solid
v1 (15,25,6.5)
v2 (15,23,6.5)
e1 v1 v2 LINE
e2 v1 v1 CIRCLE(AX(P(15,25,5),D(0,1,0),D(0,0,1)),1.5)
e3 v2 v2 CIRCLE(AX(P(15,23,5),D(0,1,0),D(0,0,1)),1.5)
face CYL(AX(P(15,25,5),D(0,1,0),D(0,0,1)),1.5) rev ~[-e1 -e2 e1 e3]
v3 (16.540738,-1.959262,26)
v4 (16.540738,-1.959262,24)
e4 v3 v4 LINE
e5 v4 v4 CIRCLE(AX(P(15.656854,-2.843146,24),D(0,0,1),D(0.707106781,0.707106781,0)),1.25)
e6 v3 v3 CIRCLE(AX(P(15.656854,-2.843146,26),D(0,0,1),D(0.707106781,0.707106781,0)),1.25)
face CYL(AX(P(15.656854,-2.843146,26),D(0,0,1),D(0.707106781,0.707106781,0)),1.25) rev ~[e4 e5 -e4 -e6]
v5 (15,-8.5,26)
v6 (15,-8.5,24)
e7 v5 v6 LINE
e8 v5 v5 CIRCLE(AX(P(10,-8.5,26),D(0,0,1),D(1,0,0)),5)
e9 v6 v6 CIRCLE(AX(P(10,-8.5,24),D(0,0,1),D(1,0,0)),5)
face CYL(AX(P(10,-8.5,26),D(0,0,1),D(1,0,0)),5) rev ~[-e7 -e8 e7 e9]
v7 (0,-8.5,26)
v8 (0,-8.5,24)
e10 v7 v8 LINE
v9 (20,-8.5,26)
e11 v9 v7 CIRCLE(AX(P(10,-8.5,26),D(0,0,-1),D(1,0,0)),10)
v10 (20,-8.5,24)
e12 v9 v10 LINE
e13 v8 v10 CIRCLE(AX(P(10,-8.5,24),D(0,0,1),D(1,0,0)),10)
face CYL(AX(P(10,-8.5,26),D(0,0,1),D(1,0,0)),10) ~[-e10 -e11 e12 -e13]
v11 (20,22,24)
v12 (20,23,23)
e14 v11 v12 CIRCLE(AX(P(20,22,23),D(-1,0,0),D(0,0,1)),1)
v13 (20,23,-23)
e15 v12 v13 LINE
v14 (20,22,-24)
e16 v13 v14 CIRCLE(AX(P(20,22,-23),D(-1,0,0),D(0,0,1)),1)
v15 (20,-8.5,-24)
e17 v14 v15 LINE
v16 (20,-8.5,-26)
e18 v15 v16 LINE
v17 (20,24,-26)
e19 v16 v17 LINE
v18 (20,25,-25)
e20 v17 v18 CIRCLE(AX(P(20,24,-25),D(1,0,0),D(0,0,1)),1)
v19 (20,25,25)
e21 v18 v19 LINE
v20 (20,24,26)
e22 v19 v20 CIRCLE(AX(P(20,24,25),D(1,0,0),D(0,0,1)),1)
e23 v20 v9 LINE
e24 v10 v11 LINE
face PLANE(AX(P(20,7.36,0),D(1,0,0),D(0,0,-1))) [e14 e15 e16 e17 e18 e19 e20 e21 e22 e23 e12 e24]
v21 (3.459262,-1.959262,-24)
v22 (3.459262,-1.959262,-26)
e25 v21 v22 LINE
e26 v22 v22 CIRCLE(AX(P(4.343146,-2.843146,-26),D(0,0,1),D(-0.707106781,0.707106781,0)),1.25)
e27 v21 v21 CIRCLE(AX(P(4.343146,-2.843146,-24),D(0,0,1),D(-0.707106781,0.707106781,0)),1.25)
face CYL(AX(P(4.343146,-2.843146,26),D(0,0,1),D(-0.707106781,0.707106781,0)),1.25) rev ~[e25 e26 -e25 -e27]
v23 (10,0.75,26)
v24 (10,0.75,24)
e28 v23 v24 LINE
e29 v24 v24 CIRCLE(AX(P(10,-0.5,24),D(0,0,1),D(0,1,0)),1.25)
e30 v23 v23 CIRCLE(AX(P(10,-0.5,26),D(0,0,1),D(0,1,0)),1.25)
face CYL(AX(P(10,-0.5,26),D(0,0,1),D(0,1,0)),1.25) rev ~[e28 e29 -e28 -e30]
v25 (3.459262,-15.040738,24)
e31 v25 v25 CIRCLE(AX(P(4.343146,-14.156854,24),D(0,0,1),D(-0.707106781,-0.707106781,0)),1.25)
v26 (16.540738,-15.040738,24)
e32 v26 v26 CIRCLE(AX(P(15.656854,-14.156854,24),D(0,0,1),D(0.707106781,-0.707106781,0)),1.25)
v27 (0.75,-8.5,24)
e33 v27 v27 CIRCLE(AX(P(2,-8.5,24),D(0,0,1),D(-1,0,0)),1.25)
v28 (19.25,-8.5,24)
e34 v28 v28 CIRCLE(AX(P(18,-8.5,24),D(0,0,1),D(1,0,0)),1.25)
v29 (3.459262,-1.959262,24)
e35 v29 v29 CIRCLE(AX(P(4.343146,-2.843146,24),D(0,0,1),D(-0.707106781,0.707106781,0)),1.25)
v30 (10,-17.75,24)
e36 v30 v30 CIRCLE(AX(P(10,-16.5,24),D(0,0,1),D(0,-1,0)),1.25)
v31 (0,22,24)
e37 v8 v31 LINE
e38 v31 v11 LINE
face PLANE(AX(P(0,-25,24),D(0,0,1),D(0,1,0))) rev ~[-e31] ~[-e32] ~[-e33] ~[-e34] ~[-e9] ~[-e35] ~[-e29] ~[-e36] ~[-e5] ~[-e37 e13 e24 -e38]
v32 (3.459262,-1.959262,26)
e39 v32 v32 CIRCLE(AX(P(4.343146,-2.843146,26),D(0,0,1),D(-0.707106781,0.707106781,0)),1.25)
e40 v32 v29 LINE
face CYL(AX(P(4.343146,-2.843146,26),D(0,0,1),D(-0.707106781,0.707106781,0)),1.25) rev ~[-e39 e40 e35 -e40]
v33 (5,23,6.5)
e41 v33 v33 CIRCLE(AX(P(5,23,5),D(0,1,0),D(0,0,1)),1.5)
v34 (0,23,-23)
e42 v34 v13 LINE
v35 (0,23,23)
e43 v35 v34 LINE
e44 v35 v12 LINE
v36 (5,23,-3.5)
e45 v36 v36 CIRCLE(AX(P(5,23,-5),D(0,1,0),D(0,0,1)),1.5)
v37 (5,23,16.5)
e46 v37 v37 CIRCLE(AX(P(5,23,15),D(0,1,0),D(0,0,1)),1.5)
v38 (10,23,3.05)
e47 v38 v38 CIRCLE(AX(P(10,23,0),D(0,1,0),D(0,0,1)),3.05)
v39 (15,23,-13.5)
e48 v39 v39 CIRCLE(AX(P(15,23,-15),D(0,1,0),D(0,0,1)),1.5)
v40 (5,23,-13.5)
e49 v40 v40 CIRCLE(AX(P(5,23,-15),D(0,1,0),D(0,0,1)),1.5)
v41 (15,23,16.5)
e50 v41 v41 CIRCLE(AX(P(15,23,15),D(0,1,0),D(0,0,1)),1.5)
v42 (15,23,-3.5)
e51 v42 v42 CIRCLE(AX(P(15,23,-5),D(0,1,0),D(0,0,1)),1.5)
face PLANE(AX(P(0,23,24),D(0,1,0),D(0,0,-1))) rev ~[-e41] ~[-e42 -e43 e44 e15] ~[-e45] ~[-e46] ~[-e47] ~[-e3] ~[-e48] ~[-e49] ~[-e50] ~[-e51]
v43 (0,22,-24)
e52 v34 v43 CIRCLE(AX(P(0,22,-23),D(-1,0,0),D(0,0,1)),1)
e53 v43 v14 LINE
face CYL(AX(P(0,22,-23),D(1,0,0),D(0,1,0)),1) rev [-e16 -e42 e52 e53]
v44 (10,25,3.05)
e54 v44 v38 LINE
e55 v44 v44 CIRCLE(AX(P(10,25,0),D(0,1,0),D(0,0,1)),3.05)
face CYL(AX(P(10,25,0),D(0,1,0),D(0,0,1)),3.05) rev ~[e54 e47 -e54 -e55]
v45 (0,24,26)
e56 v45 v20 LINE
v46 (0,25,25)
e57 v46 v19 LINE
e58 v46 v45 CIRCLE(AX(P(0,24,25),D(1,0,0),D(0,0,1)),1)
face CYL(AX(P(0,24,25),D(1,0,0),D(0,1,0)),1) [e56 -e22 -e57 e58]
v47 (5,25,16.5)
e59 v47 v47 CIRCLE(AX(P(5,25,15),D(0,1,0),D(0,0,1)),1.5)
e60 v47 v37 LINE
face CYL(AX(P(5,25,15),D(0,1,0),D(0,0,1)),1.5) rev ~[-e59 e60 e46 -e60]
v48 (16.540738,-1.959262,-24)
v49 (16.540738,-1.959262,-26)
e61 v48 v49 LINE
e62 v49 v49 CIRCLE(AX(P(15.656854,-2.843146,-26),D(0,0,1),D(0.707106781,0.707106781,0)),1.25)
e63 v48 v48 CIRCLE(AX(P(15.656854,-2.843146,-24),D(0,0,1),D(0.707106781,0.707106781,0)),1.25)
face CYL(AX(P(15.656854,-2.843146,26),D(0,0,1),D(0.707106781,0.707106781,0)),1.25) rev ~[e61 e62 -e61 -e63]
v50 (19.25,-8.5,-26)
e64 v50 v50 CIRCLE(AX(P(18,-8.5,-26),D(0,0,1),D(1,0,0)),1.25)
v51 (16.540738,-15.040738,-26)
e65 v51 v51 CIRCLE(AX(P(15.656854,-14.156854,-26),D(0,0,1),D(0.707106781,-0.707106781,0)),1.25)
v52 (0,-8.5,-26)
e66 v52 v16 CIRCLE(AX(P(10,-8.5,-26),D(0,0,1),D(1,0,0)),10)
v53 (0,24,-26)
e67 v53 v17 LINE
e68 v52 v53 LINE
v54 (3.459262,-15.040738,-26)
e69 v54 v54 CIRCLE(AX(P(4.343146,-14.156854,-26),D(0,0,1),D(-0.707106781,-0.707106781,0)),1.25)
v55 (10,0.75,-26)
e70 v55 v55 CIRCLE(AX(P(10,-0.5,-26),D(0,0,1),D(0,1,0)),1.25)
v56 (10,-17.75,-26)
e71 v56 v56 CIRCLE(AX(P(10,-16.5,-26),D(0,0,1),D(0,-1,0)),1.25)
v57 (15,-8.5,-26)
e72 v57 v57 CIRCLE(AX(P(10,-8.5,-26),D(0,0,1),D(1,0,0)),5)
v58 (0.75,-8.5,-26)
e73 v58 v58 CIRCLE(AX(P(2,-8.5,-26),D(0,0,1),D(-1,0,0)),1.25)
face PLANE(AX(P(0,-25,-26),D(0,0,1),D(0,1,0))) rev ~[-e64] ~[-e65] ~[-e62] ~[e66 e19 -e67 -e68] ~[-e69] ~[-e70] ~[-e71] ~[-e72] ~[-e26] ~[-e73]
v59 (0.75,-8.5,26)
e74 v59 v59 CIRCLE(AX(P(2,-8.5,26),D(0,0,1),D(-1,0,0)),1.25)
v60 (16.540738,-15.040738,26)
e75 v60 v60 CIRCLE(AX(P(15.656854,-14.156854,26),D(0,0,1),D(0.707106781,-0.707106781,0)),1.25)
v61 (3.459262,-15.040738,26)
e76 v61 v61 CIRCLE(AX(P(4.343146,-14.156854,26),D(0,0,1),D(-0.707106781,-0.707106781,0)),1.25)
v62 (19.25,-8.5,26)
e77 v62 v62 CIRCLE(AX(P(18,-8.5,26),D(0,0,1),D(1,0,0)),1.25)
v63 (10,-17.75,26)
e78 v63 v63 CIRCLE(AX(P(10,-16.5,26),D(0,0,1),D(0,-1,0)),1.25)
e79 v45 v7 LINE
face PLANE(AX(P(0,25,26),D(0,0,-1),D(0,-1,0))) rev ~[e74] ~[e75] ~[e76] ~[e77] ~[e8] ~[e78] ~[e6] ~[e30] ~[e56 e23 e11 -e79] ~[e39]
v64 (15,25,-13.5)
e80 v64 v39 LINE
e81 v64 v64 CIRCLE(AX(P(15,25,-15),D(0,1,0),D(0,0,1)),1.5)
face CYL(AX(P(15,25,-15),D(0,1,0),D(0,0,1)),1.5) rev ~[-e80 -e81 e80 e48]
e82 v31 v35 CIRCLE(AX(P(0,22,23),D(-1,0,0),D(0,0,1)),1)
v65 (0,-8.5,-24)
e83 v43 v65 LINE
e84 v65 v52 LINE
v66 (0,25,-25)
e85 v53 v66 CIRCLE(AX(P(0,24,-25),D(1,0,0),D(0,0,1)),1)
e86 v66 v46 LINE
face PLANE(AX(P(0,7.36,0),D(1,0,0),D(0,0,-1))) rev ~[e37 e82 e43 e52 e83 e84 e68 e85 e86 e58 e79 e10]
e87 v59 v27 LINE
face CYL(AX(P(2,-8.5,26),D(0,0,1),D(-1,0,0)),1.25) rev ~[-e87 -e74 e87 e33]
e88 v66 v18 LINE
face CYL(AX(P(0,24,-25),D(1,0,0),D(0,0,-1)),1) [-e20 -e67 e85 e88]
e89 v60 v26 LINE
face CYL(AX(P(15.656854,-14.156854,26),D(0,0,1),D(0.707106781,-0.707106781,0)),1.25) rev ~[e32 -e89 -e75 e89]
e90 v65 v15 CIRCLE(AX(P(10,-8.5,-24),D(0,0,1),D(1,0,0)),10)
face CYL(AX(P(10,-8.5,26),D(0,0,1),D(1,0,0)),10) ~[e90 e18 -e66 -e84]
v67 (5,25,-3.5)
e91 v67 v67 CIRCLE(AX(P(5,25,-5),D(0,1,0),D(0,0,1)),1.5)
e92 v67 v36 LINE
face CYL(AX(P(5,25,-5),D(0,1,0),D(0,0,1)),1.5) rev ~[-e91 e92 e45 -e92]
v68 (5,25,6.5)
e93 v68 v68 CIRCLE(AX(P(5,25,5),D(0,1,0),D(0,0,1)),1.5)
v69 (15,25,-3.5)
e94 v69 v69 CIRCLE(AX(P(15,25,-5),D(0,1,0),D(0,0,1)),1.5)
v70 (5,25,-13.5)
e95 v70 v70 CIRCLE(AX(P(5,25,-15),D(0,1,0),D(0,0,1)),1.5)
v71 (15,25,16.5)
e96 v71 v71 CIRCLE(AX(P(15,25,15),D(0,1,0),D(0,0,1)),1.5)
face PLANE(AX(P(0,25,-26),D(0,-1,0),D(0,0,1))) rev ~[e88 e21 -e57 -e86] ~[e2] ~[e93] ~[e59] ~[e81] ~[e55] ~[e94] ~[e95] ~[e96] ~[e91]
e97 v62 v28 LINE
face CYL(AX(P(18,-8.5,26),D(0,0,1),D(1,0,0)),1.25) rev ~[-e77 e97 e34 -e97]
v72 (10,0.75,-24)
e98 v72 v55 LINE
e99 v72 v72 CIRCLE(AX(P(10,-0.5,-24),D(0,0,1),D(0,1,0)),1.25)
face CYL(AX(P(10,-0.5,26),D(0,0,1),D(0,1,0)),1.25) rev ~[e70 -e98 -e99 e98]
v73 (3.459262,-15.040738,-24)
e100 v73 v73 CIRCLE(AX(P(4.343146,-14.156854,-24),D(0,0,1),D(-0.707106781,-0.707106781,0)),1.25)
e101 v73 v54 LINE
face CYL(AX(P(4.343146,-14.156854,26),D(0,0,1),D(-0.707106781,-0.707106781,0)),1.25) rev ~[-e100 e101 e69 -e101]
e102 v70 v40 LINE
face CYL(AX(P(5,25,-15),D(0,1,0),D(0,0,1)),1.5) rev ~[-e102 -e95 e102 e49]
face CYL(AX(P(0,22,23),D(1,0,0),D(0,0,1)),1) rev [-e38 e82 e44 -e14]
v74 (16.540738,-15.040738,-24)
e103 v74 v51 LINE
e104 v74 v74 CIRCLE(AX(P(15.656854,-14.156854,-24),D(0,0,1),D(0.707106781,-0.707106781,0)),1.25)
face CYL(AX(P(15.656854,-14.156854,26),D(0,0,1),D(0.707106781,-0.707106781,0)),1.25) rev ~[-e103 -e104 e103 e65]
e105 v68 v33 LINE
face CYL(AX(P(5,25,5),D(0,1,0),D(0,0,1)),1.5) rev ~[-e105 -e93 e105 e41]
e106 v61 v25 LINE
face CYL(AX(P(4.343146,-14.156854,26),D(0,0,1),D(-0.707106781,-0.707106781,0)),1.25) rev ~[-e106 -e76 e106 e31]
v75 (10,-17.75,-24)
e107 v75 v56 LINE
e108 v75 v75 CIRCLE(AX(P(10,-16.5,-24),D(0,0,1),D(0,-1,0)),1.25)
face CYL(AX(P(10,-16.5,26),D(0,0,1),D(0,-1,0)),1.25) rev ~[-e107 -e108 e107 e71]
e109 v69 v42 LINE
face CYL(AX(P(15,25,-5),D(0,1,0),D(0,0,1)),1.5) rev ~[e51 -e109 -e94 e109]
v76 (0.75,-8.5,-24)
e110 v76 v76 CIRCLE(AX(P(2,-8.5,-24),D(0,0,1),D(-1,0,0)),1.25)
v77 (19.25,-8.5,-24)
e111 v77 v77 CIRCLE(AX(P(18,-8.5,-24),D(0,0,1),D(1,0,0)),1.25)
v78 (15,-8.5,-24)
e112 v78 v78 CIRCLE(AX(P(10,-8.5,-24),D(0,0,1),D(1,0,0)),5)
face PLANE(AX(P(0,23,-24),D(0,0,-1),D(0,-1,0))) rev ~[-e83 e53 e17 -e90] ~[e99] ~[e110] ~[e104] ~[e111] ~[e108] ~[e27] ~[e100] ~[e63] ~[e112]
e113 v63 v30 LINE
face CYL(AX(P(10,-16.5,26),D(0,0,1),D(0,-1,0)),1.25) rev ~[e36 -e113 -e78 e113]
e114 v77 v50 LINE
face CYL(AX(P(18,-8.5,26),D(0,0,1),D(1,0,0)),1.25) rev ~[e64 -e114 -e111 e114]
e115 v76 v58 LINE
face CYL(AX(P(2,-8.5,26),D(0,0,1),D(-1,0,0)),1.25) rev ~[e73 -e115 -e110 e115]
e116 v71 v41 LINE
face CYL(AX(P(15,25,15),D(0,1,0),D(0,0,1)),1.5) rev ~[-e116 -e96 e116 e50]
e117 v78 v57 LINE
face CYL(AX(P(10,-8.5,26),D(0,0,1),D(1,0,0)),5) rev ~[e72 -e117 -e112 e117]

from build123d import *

# Parameters (mm, degrees)
EXTRUDE_1_DEPTH          = 20
FILLET_1_R               = 1
CUT_EXTRUDE_1_DEPTH      = 50000
SKETCH_3_R               = 5
CUT_EXTRUDE_2_DEPTH      = 500
SKETCH_4_R               = 1.25
CUT_EXTRUDE_3_DEPTH      = 5000
PATTERN_CIRCULAR_1_COUNT = 8
SKETCH_5_R               = 3.05
SKETCH_5_R_2             = 1.5
CUT_EXTRUDE_4_DEPTH      = 5000


with BuildPart() as part:
    # 草图1 → 凸台-拉伸1 (new body)
    with BuildSketch(Plane(origin=(0, 0, 0), x_dir=(0, 0, -1), z_dir=(1, 0, 0))):
        Polygon((-24, -25), (-24, 23), (24, 23), (24, -25), (26, -25), (26, 25), (-26, 25), (-26, -25), align=None)
    extrude(amount=EXTRUDE_1_DEPTH)

    # 圆角1
    fillet_1_edges = [part.edges().sort_by_distance(p)[0] for p in [
        (10, 23, -24),
        (10, 23, 24),
        (10, 25, 26),
        (10, 25, -26),
    ]]
    fillet(fillet_1_edges, radius=FILLET_1_R)

    # 草图2 → 切除-拉伸1 (cut)
    with BuildSketch(Plane.XY.offset(26)):
        with BuildLine():
            Line((0, -8.5), (0, -25))
            Line((0, -25), (20, -18.5))
            Line((20, -18.5), (20, -8.5))
            ThreePointArc((20, -8.5), (10, -18.5), (0, -8.5))
        make_face()
    extrude(amount=-CUT_EXTRUDE_1_DEPTH, mode=Mode.SUBTRACT)


with BuildPart() as cut_extrude_1_kept_piece:
    # of the separate pieces the step leaves, the one the design keeps (cut_extrude_1_pieces_kept)
    add(part.part.solids().sort_by_distance((0, -8.5, 24))[0])

    # 草图3 → 切除-拉伸2 (cut)
    with BuildSketch(Plane.XY.offset(26)):
        with Locations((10, -8.5)):
            Circle(SKETCH_3_R)
    extrude(amount=-CUT_EXTRUDE_2_DEPTH, mode=Mode.SUBTRACT)

    # 草图4 → 切除-拉伸3 (cut)
    with BuildSketch(Plane.XY.offset(26)):
        with Locations((18, -8.5)):
            Circle(SKETCH_4_R)
    cut_extrude_3 = extrude(amount=-CUT_EXTRUDE_3_DEPTH, mode=Mode.SUBTRACT)

    # 阵列(圆周)1: 切除-拉伸3 ×8 about axis
    pattern_circular_1_axis = Axis((10, -8.5, 0), (0, 0, 1))
    for i in range(1, PATTERN_CIRCULAR_1_COUNT):
        add(cut_extrude_3.rotate(pattern_circular_1_axis, i * 360 / PATTERN_CIRCULAR_1_COUNT), mode=Mode.SUBTRACT)

    # 草图5 → 切除-拉伸4 (cut)
    with BuildSketch(Plane(origin=(0, 25, 0), x_dir=(1, 0, 0), z_dir=(0, 1, 0))):
        with Locations(Location((10, 0, 0), (0, 0, 270))):
            Circle(SKETCH_5_R)
        with Locations(Location((15, 15, 0), (0, 0, 270))):
            Circle(SKETCH_5_R_2)
        with Locations(Location((5, 15, 0), (0, 0, 270))):
            Circle(SKETCH_5_R_2)
        with Locations(Location((5, 5, 0), (0, 0, 270))):
            Circle(SKETCH_5_R_2)
        with Locations(Location((15, 5, 0), (0, 0, 270))):
            Circle(SKETCH_5_R_2)
        with Locations(Location((15, -5, 0), (0, 0, 270))):
            Circle(SKETCH_5_R_2)
        with Locations(Location((5, -5, 0), (0, 0, 270))):
            Circle(SKETCH_5_R_2)
        with Locations(Location((5, -15, 0), (0, 0, 270))):
            Circle(SKETCH_5_R_2)
        with Locations(Location((15, -15, 0), (0, 0, 270))):
            Circle(SKETCH_5_R_2)
    extrude(amount=-CUT_EXTRUDE_4_DEPTH, mode=Mode.SUBTRACT)


solid = cut_extrude_1_kept_piece.part
